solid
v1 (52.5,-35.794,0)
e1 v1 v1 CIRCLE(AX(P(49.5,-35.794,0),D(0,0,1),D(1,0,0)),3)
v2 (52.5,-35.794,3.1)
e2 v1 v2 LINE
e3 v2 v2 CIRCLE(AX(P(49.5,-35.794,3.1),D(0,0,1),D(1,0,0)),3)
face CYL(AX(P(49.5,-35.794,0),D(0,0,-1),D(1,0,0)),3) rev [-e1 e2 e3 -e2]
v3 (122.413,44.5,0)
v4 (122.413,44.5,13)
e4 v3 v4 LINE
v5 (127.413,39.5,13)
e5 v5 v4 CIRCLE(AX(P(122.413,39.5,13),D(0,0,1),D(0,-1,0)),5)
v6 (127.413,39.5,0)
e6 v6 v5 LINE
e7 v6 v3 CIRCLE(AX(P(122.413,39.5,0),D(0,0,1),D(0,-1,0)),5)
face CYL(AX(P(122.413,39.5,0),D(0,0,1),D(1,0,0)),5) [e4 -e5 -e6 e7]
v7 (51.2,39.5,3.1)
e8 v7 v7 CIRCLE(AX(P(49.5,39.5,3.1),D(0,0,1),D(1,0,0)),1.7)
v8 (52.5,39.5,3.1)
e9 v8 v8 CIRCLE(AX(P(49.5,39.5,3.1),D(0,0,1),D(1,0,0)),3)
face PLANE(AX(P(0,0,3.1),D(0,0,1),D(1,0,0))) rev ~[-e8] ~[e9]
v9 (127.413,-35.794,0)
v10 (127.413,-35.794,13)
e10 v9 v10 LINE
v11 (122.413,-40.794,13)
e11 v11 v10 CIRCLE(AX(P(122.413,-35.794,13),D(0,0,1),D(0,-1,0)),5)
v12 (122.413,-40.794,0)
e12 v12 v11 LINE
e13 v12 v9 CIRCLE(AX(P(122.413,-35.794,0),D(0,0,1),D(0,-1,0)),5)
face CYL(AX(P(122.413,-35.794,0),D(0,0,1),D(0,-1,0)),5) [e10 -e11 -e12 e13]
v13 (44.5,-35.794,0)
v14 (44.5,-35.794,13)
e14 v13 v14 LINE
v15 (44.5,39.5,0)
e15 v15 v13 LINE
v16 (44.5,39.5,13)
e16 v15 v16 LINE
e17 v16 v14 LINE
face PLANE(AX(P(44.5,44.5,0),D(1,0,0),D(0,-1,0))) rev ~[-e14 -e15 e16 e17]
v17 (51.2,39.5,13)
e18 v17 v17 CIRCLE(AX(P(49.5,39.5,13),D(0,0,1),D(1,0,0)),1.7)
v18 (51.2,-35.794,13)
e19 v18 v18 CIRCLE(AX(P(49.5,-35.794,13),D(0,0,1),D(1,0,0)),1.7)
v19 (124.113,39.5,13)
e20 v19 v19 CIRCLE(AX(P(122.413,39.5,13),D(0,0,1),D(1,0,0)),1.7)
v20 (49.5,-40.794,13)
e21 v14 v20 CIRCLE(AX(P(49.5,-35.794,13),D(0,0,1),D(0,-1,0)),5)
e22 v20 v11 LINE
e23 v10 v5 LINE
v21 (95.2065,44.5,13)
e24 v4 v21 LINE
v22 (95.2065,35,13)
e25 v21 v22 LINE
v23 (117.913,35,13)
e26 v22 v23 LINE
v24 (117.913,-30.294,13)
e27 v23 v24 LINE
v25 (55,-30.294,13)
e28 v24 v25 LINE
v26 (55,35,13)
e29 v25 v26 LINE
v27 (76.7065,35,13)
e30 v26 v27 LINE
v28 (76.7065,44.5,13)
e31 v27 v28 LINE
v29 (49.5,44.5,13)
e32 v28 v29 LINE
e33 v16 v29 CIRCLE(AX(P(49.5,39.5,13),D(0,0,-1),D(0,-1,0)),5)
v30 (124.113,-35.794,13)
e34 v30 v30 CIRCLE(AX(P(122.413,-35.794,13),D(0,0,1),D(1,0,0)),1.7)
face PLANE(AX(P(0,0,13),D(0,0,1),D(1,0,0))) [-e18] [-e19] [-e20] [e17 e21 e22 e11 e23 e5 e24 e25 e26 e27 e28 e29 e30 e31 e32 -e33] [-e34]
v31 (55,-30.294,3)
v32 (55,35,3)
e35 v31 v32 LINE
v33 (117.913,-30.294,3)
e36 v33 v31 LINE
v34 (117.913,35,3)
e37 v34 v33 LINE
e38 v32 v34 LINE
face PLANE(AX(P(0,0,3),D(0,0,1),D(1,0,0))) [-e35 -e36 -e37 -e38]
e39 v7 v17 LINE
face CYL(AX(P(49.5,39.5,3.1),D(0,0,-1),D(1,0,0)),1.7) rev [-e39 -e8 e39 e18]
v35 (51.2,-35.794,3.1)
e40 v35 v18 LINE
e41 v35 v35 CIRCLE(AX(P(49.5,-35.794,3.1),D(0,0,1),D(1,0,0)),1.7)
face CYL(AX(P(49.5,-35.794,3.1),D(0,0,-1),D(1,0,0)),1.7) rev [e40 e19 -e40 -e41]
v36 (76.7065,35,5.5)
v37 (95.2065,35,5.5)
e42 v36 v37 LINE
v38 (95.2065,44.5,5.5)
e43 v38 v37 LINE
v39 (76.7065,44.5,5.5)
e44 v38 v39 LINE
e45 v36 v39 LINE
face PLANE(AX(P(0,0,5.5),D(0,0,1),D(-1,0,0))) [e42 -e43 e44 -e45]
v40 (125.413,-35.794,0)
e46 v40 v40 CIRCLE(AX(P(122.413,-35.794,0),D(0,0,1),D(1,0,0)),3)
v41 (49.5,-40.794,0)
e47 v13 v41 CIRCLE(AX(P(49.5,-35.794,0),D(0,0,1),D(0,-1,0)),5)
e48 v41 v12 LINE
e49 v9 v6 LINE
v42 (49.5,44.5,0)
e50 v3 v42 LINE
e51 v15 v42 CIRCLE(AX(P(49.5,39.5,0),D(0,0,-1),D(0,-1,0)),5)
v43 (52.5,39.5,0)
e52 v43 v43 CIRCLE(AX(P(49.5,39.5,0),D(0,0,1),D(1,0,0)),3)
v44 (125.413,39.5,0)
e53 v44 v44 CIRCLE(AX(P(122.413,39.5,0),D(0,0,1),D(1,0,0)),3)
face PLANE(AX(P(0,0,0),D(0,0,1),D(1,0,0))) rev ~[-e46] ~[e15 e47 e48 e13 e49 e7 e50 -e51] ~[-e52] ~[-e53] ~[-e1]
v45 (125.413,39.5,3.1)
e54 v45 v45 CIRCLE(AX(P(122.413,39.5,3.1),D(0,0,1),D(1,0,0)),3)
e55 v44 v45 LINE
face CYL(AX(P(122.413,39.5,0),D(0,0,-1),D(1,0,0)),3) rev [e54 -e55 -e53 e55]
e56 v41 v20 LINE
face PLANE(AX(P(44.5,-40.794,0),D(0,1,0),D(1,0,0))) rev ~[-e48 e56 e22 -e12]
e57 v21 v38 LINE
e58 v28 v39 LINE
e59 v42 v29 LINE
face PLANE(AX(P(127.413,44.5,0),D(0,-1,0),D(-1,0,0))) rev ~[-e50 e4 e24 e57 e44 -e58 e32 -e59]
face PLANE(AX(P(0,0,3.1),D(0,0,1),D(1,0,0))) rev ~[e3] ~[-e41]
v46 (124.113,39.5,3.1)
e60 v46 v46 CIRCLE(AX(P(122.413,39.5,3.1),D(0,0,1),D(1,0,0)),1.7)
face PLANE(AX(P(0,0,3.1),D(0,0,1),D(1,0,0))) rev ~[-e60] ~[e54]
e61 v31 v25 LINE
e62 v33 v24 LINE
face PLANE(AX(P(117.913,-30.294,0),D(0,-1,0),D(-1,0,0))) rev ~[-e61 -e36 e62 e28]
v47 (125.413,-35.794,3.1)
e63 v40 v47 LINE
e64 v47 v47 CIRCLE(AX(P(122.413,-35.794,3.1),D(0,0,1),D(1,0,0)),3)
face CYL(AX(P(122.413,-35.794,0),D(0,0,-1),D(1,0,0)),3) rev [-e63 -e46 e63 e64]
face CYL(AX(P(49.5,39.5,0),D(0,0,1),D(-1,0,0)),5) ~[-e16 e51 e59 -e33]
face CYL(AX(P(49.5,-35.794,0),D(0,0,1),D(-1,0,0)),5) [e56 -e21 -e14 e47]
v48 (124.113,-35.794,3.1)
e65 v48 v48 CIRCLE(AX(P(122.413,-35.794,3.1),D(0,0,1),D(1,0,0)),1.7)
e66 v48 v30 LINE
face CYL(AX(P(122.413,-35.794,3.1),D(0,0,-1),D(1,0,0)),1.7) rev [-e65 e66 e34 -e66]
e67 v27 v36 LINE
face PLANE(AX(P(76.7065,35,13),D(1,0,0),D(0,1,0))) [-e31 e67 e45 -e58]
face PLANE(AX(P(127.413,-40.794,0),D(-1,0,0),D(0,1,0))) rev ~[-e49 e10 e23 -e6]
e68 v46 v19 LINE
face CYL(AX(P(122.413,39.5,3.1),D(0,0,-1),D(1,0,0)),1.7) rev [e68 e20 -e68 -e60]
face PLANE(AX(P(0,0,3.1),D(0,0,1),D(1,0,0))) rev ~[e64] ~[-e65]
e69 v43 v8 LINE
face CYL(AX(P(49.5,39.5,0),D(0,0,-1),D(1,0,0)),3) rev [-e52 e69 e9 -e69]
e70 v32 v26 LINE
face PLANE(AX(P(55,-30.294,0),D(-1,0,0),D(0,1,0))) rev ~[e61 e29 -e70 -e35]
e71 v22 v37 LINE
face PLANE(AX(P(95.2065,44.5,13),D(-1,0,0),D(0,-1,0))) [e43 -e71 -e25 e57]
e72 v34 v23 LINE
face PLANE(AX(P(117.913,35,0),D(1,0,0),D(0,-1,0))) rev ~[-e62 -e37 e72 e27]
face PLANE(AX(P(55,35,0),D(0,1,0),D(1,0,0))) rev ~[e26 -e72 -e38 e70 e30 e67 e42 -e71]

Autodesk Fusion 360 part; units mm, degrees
sketch "Sketch1" plane through (0, 0, 0) normal (0, 0, 1) x (1, 0, 0)
  line L0 (55, 35) -> (117.913, 35)
  line L1 (117.913, 35) -> (117.913, -30.294)
  line L2 (117.913, -30.294) -> (55, -30.294)
  line L3 (55, -30.294) -> (55, 35)
  line L4 (44.5, -40.794) -> (127.413, -40.794)
  line L5 (127.413, -40.794) -> (127.413, 44.5)
  line L6 (127.413, 44.5) -> (44.5, 44.5)
  line L7 (44.5, 44.5) -> (44.5, -40.794)
  circle A0 centre (49.5, -35.794) radius 1.7
  circle A1 centre (49.5, 39.5) radius 1.7
  circle A2 centre (122.413, 39.5) radius 1.7
  circle A3 centre (122.413, -35.794) radius 1.7
  circle A4 centre (49.5, -35.794) radius 3
  circle A5 centre (49.5, 39.5) radius 3
  circle A6 centre (122.413, 39.5) radius 3
  circle A7 centre (122.413, -35.794) radius 3
  dimension "d1" = 62.913
  dimension "d2" = 65.294
  dimension "d3" = 82.913
  dimension "d4" = 85.294
  dimension "d5" = 9.5
  dimension "d6" = 9.5
  dimension "d7" = 3.4
  dimension "d8" = 3.4
  dimension "d9" = 3.4
  dimension "d10" = 3.4
  dimension "d11" = 5
  dimension "d12" = 5
  dimension "d13" = 5
  dimension "d14" = 5
  dimension "d15" = 5
  dimension "d16" = 5
  dimension "d17" = 5
  dimension "d18" = 5
  dimension "d19" = 6
  dimension "d20" = 6
  dimension "d21" = 6
  dimension "d22" = 6
extrude "Extrude1" add sketch "Sketch1" along normal blind 9.9 from surface at 3.1 contours A4 | A5 | A6 | A7 makes body 1 at (123.2255, -32.9061, 9.7) makes body 2 at (123.2255, 42.3879, 9.7) makes body 3 at (46.5037, -35.9435, 9.7) makes body 4 at (46.5037, 39.3505, 9.7)
extrude "Extrude2" add sketch "Sketch1" along normal blind 13 contours L4 L5 L6 L7 bodies 1 2 3 4
extrude "Extrude3" add sketch "Sketch1" along normal blind 3 contours L0 L1 L2 L3 bodies 1
sketch "Sketch2" plane through (0, 0, 13) normal (0, 0, 1) x (-1, 0, 0)
  circle A0 centre (-122.413, 35.794) radius 1.7
  circle A1 centre (-49.5, -39.5) radius 1.7
  line L0 (-117.913, 30.294) -> (-55, 30.294)
  line L1 (-55, 30.294) -> (-55, -35)
  line L2 (-55, -35) -> (-117.913, -35)
  line L3 (-117.913, -35) -> (-117.913, 30.294)
  line L4 (-44.5, -44.5) -> (-44.5, 40.794)
  line L5 (-44.5, 40.794) -> (-127.413, 40.794)
  line L6 (-127.413, 40.794) -> (-127.413, -44.5)
  line L7 (-127.413, -44.5) -> (-44.5, -44.5)
  circle A2 centre (-122.413, -39.5) radius 1.7
  circle A3 centre (-49.5, 35.794) radius 1.7
  line L8 (-76.7065, -44.5) -> (-95.2065, -44.5)
  line L9 (-95.2065, -44.5) -> (-95.2065, -35)
  line L10 (-95.2065, -35) -> (-76.7065, -35)
  line L11 (-76.7065, -35) -> (-76.7065, -44.5)
  line L12 (-44.5, -44.5) -> (-44.5, 40.794)
  dimension "d30" = 18.5
  dimension "d31" = 32.2065
extrude "Extrude4" cut sketch "Sketch2" against normal blind 7.5 contours L2 L7 L8 L9 L10 L11 bodies 1
fillet "Fillet1" radius 5 4 edges at (44.5, 44.5, 6.5) (44.5, -40.794, 6.5) (127.413, 44.5, 6.5) (127.413, -40.794, 6.5) on bodies 1
sketch "Sketch3" plane through (0, 0, 13) normal (0, 0, 1) x (-1, 0, 0)
  circle A0 centre (-49.5, 35.794) radius 1.7
  circle A1 centre (-122.413, -39.5) radius 1.7
  arc A2 (-122.413, 40.794) -> (-127.413, 35.794) centre (-122.413, 35.794) ccw
  line L0 (-127.413, 35.794) -> (-127.413, -39.5)
  arc A3 (-127.413, -39.5) -> (-122.413, -44.5) centre (-122.413, -39.5) ccw
  line L1 (-122.413, -44.5) -> (-95.2065, -44.5)
  line L2 (-95.2065, -44.5) -> (-95.2065, -35)
  line L3 (-95.2065, -35) -> (-117.913, -35)
  line L4 (-117.913, -35) -> (-117.913, 30.294)
  line L5 (-117.913, 30.294) -> (-55, 30.294)
  line L6 (-55, 30.294) -> (-55, -35)
  line L7 (-55, -35) -> (-76.7065, -35)
  line L8 (-76.7065, -35) -> (-76.7065, -44.5)
  line L9 (-76.7065, -44.5) -> (-49.5, -44.5)
  arc A4 (-49.5, -44.5) -> (-44.5, -39.5) centre (-49.5, -39.5) ccw
  line L10 (-44.5, -39.5) -> (-44.5, 35.794)
  arc A5 (-44.5, 35.794) -> (-49.5, 40.794) centre (-49.5, 35.794) ccw
  line L11 (-49.5, 40.794) -> (-122.413, 40.794)
  circle A6 centre (-49.5, -39.5) radius 1.7
  circle A7 centre (-122.413, 35.794) radius 1.7
sketch "Sketch4" plane through (0, 0, 13) normal (0, 0, 1) x (-1, 0, 0)
